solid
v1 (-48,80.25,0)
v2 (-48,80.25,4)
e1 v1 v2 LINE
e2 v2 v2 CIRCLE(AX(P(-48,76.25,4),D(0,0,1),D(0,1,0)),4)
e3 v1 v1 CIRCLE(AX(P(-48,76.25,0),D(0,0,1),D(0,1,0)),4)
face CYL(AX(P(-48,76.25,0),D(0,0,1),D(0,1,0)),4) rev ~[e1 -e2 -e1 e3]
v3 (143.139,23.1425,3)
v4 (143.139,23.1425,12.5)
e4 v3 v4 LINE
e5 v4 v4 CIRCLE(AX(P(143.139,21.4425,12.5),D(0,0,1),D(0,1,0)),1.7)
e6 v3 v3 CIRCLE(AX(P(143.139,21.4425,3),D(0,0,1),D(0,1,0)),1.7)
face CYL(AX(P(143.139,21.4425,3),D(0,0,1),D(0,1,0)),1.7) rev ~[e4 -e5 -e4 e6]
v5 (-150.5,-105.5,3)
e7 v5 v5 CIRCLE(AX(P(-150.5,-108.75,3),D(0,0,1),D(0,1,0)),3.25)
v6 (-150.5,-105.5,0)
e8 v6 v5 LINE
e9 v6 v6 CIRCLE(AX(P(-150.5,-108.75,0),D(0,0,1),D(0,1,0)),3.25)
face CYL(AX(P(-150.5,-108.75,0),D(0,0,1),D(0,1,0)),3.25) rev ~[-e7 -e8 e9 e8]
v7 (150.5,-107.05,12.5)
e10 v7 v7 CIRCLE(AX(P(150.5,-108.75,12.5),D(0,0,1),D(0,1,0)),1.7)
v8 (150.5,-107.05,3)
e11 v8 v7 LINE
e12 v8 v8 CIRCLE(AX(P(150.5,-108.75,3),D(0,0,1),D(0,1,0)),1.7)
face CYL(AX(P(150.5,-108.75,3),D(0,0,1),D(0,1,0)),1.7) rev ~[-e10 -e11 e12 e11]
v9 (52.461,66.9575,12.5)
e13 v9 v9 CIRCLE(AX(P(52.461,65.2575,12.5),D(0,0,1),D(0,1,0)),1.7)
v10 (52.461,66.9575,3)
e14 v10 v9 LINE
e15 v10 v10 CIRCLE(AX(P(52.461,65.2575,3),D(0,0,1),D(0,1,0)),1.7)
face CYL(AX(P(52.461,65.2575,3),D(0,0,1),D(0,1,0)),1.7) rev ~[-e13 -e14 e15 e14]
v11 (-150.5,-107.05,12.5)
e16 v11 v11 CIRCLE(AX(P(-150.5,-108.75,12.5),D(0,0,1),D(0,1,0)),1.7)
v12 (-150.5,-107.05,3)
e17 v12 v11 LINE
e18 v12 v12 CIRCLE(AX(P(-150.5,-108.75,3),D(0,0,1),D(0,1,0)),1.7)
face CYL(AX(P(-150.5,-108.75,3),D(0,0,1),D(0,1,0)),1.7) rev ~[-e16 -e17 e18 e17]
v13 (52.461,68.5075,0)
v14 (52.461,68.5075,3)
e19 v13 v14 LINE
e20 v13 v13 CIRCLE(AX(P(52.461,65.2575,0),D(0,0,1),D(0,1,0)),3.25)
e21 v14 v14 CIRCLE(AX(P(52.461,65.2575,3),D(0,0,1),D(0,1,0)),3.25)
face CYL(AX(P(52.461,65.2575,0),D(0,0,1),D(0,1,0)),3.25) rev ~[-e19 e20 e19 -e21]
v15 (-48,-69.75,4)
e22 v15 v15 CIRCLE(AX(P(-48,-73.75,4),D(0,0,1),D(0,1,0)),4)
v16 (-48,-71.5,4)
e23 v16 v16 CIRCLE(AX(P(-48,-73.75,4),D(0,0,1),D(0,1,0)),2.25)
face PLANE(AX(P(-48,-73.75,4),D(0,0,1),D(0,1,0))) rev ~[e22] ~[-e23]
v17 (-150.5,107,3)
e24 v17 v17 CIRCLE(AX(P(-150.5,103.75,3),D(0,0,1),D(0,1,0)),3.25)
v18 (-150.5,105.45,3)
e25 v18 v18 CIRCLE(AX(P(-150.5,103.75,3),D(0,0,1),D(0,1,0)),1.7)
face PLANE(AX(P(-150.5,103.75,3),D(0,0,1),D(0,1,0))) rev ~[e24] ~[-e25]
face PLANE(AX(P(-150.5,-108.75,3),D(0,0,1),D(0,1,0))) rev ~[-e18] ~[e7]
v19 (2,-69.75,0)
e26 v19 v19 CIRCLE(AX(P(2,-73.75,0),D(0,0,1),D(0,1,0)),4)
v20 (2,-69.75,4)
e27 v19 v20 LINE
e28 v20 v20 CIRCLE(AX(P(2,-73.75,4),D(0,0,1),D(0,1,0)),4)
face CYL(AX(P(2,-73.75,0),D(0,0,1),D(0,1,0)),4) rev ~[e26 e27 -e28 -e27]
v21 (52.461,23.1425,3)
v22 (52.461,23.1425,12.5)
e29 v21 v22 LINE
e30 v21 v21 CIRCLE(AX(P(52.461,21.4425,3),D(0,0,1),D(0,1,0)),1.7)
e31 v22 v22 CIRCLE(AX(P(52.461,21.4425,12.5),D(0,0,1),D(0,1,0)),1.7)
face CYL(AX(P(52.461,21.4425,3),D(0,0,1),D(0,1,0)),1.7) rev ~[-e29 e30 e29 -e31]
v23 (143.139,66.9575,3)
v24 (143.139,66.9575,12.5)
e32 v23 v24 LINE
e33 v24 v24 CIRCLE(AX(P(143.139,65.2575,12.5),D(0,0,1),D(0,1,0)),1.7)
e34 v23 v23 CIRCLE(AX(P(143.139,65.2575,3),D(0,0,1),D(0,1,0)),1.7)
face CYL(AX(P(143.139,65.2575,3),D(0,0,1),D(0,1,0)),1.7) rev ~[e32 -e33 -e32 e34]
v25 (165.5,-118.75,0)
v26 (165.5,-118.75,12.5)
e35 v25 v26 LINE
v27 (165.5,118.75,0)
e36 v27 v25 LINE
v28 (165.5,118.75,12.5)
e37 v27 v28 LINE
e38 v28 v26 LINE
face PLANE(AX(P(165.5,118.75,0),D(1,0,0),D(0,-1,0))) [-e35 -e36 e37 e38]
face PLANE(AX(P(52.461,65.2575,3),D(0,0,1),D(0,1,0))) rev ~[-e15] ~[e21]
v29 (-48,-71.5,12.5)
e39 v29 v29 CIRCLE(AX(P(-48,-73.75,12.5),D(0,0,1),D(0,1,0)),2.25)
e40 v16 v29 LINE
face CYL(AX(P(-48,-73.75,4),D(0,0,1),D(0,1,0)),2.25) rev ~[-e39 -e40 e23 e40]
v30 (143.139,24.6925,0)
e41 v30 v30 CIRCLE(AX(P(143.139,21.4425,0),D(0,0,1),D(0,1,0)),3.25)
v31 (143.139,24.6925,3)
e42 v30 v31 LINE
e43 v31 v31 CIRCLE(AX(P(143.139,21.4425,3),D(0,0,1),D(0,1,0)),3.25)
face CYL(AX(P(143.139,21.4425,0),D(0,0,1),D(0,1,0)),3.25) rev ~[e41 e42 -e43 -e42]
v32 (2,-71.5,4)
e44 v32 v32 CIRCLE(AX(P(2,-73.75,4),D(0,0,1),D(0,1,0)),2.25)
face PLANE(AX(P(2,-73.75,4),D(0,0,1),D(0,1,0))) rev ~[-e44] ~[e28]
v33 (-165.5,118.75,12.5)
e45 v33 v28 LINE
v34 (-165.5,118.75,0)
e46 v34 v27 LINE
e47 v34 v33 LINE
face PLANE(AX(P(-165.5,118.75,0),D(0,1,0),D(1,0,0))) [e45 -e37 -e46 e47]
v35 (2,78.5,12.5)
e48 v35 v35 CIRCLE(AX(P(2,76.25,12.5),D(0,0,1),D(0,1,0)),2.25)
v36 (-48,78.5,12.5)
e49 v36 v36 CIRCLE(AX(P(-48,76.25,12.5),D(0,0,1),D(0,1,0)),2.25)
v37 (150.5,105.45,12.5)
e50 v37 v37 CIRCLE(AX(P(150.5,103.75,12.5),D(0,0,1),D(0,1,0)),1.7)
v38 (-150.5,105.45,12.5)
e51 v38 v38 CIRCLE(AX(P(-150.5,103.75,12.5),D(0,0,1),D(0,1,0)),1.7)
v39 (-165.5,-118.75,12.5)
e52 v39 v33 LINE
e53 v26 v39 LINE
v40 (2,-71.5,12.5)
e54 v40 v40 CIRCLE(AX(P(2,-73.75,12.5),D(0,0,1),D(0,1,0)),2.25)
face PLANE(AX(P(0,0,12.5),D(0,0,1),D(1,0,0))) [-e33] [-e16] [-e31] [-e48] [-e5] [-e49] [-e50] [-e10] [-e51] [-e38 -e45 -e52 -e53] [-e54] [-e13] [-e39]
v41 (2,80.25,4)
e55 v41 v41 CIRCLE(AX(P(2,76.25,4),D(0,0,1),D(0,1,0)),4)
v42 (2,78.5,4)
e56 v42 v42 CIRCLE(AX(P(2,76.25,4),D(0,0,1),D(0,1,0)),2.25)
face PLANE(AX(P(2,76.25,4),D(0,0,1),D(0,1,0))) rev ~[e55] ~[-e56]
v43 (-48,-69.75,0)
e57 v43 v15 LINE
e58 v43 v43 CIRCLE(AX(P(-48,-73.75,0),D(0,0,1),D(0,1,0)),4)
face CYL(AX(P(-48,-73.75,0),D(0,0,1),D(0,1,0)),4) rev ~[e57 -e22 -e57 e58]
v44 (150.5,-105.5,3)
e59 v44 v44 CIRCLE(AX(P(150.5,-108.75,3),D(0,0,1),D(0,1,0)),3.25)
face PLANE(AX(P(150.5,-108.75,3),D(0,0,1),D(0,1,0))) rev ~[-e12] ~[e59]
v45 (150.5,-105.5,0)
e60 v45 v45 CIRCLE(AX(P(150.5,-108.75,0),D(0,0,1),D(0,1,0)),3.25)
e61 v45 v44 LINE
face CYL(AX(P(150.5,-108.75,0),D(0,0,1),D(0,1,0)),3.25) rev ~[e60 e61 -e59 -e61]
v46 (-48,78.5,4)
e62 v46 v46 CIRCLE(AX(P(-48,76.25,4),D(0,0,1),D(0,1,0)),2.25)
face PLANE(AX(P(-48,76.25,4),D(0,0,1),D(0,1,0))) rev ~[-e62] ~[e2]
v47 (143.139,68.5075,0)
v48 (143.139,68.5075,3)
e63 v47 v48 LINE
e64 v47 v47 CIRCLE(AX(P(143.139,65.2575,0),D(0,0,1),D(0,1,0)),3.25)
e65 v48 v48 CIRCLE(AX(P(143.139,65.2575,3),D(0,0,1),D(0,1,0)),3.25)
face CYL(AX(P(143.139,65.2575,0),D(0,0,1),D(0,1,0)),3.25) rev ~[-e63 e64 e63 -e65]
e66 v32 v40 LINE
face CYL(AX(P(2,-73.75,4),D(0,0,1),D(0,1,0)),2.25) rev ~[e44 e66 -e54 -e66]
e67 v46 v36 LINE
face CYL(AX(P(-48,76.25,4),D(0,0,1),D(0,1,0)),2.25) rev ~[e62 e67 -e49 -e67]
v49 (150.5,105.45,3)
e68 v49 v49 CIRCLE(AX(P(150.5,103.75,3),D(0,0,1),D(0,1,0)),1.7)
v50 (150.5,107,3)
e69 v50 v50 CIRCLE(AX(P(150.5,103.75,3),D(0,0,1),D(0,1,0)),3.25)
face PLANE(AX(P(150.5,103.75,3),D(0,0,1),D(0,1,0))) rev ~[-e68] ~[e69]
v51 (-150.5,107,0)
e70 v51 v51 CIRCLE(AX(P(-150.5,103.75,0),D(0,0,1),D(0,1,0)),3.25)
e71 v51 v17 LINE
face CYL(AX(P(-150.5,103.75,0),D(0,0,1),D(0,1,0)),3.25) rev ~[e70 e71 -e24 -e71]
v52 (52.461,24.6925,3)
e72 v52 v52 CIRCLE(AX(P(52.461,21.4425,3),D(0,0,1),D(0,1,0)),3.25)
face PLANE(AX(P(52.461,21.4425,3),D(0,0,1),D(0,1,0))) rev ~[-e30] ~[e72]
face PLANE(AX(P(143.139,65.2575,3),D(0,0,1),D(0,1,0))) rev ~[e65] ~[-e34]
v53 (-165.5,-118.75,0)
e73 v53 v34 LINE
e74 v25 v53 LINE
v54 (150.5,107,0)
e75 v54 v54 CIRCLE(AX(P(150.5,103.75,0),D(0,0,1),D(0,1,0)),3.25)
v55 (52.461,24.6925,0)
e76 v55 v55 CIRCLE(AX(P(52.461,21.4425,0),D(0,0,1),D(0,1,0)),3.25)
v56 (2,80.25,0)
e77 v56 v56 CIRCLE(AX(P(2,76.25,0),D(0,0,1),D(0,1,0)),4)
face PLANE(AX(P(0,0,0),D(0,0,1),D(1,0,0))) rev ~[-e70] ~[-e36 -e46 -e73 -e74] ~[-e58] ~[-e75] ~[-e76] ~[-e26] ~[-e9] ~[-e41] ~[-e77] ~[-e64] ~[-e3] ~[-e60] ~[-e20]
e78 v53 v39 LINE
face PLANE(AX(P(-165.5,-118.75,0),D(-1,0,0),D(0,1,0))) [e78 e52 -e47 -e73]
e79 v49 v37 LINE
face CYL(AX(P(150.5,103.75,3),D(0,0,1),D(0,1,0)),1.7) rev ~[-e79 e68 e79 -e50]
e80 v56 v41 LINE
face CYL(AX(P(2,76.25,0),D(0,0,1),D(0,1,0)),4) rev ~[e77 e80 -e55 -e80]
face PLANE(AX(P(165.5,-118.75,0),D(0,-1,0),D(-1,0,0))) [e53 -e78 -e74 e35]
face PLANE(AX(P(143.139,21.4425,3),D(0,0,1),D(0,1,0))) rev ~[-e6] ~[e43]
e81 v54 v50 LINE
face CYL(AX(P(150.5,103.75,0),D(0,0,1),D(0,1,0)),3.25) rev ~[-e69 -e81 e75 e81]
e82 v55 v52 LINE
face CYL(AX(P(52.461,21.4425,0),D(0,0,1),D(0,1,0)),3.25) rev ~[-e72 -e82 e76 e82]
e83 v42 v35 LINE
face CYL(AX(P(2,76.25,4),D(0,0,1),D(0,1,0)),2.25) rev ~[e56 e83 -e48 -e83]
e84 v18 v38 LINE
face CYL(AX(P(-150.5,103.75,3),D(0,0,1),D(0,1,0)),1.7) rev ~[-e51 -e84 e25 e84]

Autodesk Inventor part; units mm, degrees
ref_plane "YZ Plane" through (0, 0, 0) normal (1, 0, 0) x (0, 1, 0)
ref_plane "XZ Plane" through (0, 0, 0) normal (0, 1, 0) x (-1, 0, 0)
ref_plane "XY Plane" through (0, 0, 0) normal (0, 0, 1) x (1, 0, 0)
sketch "Sketch1" plane through (0, 0, 0) normal (0, 0, 1) x (1, 0, 0)
  line L0 (-165.5, 118.75) -> (165.5, 118.75)
  line L1 (165.5, 118.75) -> (165.5, -118.75)
  line L2 (165.5, -118.75) -> (-165.5, -118.75)
  line L3 (-165.5, -118.75) -> (-165.5, 118.75)
  point P0 (0, 0)
  point P1 (-165.5, 0)
  point P2 (0, 118.75)
  dimension "d0" = 331
  dimension "d2" = 237.5
extrude "Extrusion1" add sketch "Sketch1" along normal blind 12.5
sketch "Sketch2" plane through (0, 0, 0) normal (0, 0, -1) x (-1, 0, 0)
  circle A0 centre (-150.5, 103.75) radius 1.55 projected
  line L0 (-145.8379, -108.9576) -> (-147.4259, -106.1413) projected
  circle A1 centre (150.5, -108.75) radius 1.55 projected
  circle A2 centre (150.5, 103.75) radius 1.55 projected
  line L1 (150.5, -108.75) -> (-150.5, -108.75)
  line L2 (-150.5, -108.75) -> (-150.5, 103.75)
  line L3 (-150.5, 103.75) -> (150.5, 103.75)
  line L4 (150.5, 103.75) -> (150.5, -108.75)
  circle A3 centre (-150.5, -108.75) radius 1.55
  point P0 (0, 0)
extrude "Extrusion2" cut sketch "Sketch2" against normal through all contours L3 L2 A0 | A0 L2 L3 | L3 L4 A2 | A2 L4 L3 | A3 L1 L2 | L2 L1 A3 | L4 L1 A1 | A1 L1 L4
sketch "Sketch3" plane through (0, 0, 0) normal (0, 0, -1) x (-1, 0, 0)
  circle A0 centre (150.5, -108.75) radius 1.55
  circle A1 centre (-150.5, 103.75) radius 1.55
  circle A2 centre (-150.5, -108.75) radius 1.55
  circle A3 centre (150.5, 103.75) radius 1.55
  circle A4 centre (-150.5, 103.75) radius 3.25
  circle A5 centre (-150.5, -108.75) radius 3.25
  circle A6 centre (150.5, -108.75) radius 3.25
  circle A7 centre (150.5, 103.75) radius 3.25
  circle A8 centre (-150.5, -108.75) radius 1.55 projected
  point P0 (0, 0)
  dimension "d7" = 6.5
hole "Hole1" at (150.5, 103.75, 0) at (150.5, -108.75, 0) at (-150.5, -108.75, 0) at (-150.5, 103.75, 0) direction (0, 0, 1) diameter 3.4 end through all counterbore diameter 6.5 counterbore depth 3 clearance for "Socket Head Cap Screw" size "M3" standard "Ansi Metric M Profile"
sketch "Sketch4" plane through (0, 0, 0) normal (0, 0, -1) x (-1, 0, 0)
  circle A0 centre (-2, -73.75) radius 1.621 projected
  circle A1 centre (48, 76.25) radius 1.621 projected
  circle A2 centre (-2, 76.25) radius 1.621 projected
  circle A3 centre (48, -73.75) radius 1.621 projected
  line L0 (-34.5, 108.75) -> (-34.5, -106.25) projected
  line L1 (-34.5, -106.25) -> (80.5, -106.25) projected
  line L2 (80.5, -106.25) -> (80.5, 108.75) projected
  line L3 (80.5, 108.75) -> (-34.5, 108.75) projected
  point P0 (0, 0)
hole "Hole2" at (-48, -73.75, 0) at (2, -73.75, 0) at (-48, 76.25, 0) at (2, 76.25, 0) direction (0, 0, 1) diameter 4.5 end through all counterbore diameter 8 counterbore depth 4 clearance for "Socket Head Cap Screw" size "M4" standard "Ansi Metric M Profile"
sketch "Sketch5" plane through (0, 0, 0) normal (0, 0, -1) x (-1, 0, 0)
  circle A0 centre (-143.139, 21.4425) radius 1.7 projected
  circle A1 centre (-52.461, 65.2575) radius 1.7 projected
  circle A2 centre (-143.139, 65.2575) radius 1.7 projected
  circle A3 centre (-52.461, 21.4425) radius 1.7 projected
  line L0 (-47, 17.95) -> (-148.6, 17.95) projected
  line L1 (-47, 68.75) -> (-47, 17.95) projected
  line L2 (-148.6, 68.75) -> (-47, 68.75) projected
  line L3 (-148.6, 17.95) -> (-148.6, 68.75) projected
  point P0 (0, 0)
hole "Hole3" at (143.139, 65.2575, 0) at (143.139, 21.4425, 0) at (52.461, 65.2575, 0) at (52.461, 21.4425, 0) direction (0, 0, 1) diameter 3.4 end through all counterbore diameter 6.5 counterbore depth 3 clearance for "Socket Head Cap Screw" size "M3" standard "Ansi Metric M Profile"
properties part number "bottom"
